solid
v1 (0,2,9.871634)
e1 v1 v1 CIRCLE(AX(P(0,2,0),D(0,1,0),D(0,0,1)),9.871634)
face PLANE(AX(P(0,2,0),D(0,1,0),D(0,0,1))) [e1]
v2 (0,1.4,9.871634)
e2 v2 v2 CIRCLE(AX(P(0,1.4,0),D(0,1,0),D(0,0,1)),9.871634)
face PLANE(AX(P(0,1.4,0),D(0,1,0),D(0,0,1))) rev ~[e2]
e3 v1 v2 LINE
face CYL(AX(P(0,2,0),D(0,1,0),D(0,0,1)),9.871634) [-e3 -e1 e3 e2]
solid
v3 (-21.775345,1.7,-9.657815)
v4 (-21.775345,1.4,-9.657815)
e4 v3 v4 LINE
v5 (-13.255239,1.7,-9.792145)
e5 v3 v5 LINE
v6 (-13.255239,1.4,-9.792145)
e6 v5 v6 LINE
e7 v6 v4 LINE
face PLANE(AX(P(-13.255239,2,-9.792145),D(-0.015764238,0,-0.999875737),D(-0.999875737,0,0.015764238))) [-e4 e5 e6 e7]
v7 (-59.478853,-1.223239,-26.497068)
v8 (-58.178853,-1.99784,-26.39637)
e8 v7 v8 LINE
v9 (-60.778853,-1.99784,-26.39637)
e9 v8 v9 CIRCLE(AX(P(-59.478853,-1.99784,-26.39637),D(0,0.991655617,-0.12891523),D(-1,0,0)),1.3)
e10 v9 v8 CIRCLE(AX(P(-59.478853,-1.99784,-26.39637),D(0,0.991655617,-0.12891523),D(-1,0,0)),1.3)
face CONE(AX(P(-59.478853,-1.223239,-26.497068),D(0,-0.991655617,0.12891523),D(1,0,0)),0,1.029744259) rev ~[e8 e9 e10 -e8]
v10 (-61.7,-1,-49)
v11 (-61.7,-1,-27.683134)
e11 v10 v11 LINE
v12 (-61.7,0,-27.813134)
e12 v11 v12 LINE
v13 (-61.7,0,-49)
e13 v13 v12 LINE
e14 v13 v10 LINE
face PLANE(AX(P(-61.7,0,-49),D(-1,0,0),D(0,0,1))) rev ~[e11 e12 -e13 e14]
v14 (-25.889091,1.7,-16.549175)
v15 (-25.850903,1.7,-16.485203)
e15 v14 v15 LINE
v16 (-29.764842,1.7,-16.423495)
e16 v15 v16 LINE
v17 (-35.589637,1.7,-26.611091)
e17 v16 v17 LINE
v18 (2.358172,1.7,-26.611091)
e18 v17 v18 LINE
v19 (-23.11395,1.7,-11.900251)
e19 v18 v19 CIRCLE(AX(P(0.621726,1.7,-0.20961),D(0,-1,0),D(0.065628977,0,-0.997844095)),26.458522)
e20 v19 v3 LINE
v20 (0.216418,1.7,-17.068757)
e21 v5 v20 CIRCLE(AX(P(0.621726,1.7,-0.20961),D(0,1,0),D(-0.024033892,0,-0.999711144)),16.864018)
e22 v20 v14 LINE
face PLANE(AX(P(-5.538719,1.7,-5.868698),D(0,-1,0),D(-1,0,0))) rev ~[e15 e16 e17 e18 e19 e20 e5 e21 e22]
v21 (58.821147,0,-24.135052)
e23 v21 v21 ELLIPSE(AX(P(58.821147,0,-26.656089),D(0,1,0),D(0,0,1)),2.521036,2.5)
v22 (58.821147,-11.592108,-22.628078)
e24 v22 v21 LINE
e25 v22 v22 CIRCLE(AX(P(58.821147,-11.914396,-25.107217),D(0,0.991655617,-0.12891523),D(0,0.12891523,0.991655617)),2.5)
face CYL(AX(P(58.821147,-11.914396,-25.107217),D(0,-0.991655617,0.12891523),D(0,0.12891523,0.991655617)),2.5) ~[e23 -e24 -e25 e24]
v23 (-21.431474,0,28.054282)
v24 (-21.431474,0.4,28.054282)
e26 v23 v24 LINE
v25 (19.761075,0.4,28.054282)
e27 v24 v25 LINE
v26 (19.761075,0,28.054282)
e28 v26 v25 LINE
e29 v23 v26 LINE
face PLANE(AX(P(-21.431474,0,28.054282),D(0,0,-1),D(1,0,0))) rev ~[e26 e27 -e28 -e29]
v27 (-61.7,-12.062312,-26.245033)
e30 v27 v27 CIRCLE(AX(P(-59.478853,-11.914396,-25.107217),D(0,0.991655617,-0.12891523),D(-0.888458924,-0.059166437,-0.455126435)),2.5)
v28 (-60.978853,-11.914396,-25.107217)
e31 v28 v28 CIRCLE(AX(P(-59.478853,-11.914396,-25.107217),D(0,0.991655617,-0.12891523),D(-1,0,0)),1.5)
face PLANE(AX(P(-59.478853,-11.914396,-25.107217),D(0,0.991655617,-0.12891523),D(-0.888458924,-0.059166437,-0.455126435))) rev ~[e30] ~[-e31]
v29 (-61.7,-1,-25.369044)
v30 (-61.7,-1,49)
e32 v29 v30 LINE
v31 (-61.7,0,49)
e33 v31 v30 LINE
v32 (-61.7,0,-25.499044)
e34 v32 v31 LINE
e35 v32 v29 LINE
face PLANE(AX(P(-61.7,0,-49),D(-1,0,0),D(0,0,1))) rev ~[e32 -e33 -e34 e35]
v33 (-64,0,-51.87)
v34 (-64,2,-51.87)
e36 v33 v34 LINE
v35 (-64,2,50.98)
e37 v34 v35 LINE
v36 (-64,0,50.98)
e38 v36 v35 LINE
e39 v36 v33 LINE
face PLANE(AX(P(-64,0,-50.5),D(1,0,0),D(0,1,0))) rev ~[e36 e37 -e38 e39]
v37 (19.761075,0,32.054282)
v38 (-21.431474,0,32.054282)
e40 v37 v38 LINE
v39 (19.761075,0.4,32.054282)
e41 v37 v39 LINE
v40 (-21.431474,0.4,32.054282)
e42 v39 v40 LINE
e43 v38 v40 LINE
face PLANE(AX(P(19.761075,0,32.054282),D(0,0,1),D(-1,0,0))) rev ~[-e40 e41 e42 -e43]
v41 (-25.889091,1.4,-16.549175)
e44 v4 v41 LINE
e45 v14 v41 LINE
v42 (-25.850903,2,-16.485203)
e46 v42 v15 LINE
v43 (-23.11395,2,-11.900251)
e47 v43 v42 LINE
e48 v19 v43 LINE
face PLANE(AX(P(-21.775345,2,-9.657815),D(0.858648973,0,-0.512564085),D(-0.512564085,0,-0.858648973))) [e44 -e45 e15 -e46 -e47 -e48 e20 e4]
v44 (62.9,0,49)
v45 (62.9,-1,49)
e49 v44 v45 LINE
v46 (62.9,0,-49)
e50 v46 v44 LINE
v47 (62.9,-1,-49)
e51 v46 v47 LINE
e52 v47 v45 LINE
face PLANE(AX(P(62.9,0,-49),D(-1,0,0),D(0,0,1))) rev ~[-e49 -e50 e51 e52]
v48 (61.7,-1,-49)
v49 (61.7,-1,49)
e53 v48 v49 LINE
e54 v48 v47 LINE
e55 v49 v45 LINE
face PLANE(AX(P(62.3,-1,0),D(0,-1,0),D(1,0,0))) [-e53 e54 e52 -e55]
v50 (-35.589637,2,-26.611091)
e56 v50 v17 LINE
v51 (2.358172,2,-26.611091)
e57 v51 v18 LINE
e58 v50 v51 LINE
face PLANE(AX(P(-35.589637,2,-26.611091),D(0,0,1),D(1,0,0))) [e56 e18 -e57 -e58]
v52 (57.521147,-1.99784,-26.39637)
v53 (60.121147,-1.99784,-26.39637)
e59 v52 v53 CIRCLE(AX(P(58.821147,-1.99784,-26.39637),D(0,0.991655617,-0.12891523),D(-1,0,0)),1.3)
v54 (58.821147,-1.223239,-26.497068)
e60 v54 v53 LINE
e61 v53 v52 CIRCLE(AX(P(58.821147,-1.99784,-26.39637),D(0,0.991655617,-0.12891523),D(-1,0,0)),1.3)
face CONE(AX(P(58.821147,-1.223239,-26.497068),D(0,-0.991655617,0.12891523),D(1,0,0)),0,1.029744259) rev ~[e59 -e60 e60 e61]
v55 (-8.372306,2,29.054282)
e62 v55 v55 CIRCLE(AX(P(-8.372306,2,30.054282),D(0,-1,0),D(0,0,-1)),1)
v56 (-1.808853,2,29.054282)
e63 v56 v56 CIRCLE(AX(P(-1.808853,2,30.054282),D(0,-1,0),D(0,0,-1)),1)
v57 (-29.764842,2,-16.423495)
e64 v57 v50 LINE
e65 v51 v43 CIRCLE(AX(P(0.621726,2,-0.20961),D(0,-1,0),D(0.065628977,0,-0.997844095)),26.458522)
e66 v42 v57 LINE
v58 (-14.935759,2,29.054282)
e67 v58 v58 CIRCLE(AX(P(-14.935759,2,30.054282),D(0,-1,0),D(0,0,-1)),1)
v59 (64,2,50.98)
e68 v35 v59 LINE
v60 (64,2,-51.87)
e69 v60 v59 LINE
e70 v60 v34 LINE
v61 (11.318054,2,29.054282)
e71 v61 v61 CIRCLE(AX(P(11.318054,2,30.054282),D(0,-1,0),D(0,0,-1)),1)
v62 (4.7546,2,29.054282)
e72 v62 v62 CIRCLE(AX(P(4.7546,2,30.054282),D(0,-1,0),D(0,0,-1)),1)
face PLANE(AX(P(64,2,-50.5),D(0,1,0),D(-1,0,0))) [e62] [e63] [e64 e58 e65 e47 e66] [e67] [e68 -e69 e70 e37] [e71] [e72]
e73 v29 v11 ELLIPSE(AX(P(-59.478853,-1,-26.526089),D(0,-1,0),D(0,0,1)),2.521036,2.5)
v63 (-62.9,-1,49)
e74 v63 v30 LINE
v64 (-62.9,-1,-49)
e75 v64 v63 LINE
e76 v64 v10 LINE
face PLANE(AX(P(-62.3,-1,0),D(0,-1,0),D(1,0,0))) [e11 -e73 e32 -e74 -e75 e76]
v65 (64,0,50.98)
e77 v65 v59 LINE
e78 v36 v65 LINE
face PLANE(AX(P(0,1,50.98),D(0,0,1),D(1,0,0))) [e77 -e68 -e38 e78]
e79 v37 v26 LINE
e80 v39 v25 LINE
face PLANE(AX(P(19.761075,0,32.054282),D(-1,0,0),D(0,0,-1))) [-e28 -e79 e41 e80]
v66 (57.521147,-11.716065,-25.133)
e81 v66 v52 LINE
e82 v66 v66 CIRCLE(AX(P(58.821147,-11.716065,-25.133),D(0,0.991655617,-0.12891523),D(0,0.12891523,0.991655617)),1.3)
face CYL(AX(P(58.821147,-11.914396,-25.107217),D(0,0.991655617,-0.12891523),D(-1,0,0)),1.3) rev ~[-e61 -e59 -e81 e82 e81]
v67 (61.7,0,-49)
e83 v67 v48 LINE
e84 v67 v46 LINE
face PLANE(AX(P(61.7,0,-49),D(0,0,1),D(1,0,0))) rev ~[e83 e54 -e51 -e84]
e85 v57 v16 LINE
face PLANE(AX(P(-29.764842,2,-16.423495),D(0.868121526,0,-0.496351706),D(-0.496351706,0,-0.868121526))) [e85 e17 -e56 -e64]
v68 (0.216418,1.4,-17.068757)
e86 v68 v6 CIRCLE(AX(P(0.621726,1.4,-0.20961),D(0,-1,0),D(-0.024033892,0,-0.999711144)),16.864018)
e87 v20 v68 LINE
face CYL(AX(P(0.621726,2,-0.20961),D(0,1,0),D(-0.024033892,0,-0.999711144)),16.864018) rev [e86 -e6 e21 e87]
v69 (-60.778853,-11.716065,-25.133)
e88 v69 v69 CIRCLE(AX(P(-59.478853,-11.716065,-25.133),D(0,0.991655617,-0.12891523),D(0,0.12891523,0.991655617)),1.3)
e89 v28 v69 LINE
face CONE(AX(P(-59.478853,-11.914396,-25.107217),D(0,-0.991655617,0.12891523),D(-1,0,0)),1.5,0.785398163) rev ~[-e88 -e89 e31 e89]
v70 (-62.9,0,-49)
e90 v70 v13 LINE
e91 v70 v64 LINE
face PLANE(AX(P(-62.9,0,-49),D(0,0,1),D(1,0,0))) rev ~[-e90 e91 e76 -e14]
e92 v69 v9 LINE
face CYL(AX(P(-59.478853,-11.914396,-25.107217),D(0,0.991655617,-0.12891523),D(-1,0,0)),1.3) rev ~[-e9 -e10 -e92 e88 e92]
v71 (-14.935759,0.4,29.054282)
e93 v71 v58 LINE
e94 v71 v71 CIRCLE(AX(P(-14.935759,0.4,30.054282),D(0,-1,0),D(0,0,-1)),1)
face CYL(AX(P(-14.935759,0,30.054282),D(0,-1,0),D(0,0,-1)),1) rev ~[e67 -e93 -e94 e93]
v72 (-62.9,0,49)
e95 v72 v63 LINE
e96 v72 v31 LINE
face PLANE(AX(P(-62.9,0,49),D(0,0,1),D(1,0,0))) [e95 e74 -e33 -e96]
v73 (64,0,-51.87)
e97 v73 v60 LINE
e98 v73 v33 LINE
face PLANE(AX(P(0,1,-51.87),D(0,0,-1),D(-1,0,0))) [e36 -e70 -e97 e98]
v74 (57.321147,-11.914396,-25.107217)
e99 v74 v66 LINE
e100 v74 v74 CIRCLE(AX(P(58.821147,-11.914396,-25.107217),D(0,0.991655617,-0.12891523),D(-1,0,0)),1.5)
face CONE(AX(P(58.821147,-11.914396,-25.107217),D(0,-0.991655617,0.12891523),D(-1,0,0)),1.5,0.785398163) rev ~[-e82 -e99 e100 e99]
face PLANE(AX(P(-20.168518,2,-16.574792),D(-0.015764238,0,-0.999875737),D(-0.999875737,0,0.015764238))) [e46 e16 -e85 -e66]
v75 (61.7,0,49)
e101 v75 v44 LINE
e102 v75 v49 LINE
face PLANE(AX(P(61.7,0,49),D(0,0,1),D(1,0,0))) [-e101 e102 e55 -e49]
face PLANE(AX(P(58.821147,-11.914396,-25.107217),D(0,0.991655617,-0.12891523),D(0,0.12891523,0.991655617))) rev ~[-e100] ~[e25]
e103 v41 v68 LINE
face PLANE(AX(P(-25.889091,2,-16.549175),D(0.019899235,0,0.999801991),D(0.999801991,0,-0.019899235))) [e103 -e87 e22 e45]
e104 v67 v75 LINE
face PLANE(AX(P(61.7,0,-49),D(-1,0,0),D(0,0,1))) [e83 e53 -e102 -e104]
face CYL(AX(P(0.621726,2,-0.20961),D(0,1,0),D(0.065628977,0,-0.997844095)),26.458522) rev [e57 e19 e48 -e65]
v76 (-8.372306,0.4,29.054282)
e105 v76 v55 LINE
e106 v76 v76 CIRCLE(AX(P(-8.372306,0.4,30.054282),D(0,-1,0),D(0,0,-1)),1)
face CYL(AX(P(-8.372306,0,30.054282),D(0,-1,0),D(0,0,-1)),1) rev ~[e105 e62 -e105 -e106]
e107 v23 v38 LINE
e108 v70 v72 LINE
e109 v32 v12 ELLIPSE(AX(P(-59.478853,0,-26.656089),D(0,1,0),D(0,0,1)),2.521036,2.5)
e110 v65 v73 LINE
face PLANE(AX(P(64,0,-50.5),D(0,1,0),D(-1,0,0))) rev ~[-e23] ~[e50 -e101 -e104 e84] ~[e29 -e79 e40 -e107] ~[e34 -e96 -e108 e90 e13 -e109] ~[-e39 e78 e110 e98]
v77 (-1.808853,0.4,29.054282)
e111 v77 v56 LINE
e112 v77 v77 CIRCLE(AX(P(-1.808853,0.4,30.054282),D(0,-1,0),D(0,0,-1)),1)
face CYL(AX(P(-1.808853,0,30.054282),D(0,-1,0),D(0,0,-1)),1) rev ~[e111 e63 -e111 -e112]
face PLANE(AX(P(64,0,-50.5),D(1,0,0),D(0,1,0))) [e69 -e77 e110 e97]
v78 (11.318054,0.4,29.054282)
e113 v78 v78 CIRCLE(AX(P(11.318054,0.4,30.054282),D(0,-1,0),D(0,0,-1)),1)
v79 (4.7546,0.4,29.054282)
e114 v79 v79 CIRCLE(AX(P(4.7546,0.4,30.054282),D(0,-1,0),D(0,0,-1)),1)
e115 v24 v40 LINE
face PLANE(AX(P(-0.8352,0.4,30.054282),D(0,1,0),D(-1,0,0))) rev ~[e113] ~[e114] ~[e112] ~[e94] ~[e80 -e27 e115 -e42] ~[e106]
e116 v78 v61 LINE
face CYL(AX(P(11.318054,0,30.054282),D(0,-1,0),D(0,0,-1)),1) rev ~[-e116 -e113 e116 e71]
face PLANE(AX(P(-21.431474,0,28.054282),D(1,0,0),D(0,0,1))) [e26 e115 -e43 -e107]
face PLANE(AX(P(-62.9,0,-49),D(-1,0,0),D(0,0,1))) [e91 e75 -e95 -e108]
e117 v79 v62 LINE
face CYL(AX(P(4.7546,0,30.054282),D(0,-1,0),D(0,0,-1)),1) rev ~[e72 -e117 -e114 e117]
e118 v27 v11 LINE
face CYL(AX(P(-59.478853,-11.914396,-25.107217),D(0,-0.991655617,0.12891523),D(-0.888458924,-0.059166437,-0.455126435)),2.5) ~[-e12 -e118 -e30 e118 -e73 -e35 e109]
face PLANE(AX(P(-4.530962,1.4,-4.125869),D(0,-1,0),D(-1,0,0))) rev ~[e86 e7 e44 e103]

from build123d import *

# Parameters (mm, degrees)
SKETCH1_W                      = 128
SKETCH1_H                      = 101
BOSS_EXTRUDE1_DEPTH            = 2
SKETCH2_W                      = 1.2
SKETCH2_H                      = 98
BOSS_EXTRUDE2_DEPTH            = 1
SKETCH3_W                      = 128
SKETCH3_H                      = 2
BOSS_EXTRUDE3_DEPTH            = 0.48
SKETCH4_W                      = 128
SKETCH4_H                      = 2
BOSS_EXTRUDE4_DEPTH            = 1.37
BOSS_EXTRUDE5_START            = 2
SKETCH5_R                      = 2.5
BOSS_EXTRUDE5_DEPTH            = 13
M3_CLEARANCE_HOLE1_D           = 2.6
M3_CLEARANCE_HOLE1_DEPTH       = 10
M3_CLEARANCE_HOLE1_CSINK_D     = 3
M3_CLEARANCE_HOLE1_CSINK_ANGLE = 90
M3_CLEARANCE_HOLE1_TIP         = 0.781118805
M3_CLEARANCE_HOLE2_D           = 2.6
M3_CLEARANCE_HOLE2_DEPTH       = 10
M3_CLEARANCE_HOLE2_CSINK_D     = 3
M3_CLEARANCE_HOLE2_CSINK_ANGLE = 90
M3_CLEARANCE_HOLE2_TIP         = 0.781118805
SKETCH14_R                     = 1
CUT_EXTRUDE1_DEPTH             = 5
CUT_EXTRUDE2_DEPTH             = 0.4
CUT_EXTRUDE4_DEPTH             = 0.3
CUT_EXTRUDE5_DEPTH             = 0.6
SKETCH30_R                     = 9.871633986
BOSS_EXTRUDE13_DEPTH           = 0.6


with BuildPart() as part:
    # Sketch1 → Boss-Extrude1 (new body)
    with BuildSketch(Plane(origin=(0, 0, 0), x_dir=(1, 0, 0), z_dir=(0, 1, 0))):
        Rectangle(SKETCH1_W, SKETCH1_H)
    extrude(amount=BOSS_EXTRUDE1_DEPTH)

    # Sketch2 → Boss-Extrude2 (add)
    with BuildSketch(Plane.XZ):
        with Locations((62.3, 0)):
            Rectangle(SKETCH2_W, SKETCH2_H)
        with Locations((-62.3, 0)):
            Rectangle(SKETCH2_W, SKETCH2_H)
    extrude(amount=BOSS_EXTRUDE2_DEPTH)

    # Sketch3 → Boss-Extrude3 (add)
    with BuildSketch(Plane.XY.offset(50.5)):
        with Locations((0, 1)):
            Rectangle(SKETCH3_W, SKETCH3_H)
    extrude(amount=BOSS_EXTRUDE3_DEPTH)

    # Sketch4 → Boss-Extrude4 (add)
    with BuildSketch(Plane(origin=(0, 0, -50.5), x_dir=(-1, 0, 0), z_dir=(0, 0, -1))):
        with Locations((0, 1)):
            Rectangle(SKETCH4_W, SKETCH4_H)
    extrude(amount=BOSS_EXTRUDE4_DEPTH)

    # Sketch5 → Boss-Extrude5 (add)
    with BuildSketch(Plane(origin=(0, -10.49000593, 1.363700771), x_dir=(1, 0, 0), z_dir=(0, 0.9916556173432378, -0.12891523025462098)).offset(BOSS_EXTRUDE5_START)):
        with Locations(Location((-59.478852689, 26.433660117, 0), (0, 0, 152.68023031))):
            Circle(SKETCH5_R)
        with Locations(Location((58.821147316, 26.433660117, 0), (0, 0, 270))):
            Circle(SKETCH5_R)
    extrude(amount=BOSS_EXTRUDE5_DEPTH)

    # M3 Clearance Hole1
    with Locations(Plane(origin=(0, -8.506694695, 1.10587031), x_dir=(1, 0, 0), z_dir=(0, -0.9916556173432378, 0.12891523025462098))):
        with Locations((58.821147316, -26.433660117)):
            CounterSinkHole(M3_CLEARANCE_HOLE1_D / 2, M3_CLEARANCE_HOLE1_CSINK_D / 2, depth=M3_CLEARANCE_HOLE1_DEPTH, counter_sink_angle=M3_CLEARANCE_HOLE1_CSINK_ANGLE)
            with Locations((0, 0, -(M3_CLEARANCE_HOLE1_DEPTH + M3_CLEARANCE_HOLE1_TIP / 2))):  # 118° drill point
                Cone(0, M3_CLEARANCE_HOLE1_D / 2, M3_CLEARANCE_HOLE1_TIP, mode=Mode.SUBTRACT)

    # M3 Clearance Hole2
    with Locations(Plane(origin=(0, -8.506694695, 1.10587031), x_dir=(1, 0, 0), z_dir=(0, -0.9916556173432378, 0.12891523025462098))):
        with Locations((-59.478852689, -26.433660117)):
            CounterSinkHole(M3_CLEARANCE_HOLE2_D / 2, M3_CLEARANCE_HOLE2_CSINK_D / 2, depth=M3_CLEARANCE_HOLE2_DEPTH, counter_sink_angle=M3_CLEARANCE_HOLE2_CSINK_ANGLE)
            with Locations((0, 0, -(M3_CLEARANCE_HOLE2_DEPTH + M3_CLEARANCE_HOLE2_TIP / 2))):  # 118° drill point
                Cone(0, M3_CLEARANCE_HOLE2_D / 2, M3_CLEARANCE_HOLE2_TIP, mode=Mode.SUBTRACT)

    # Sketch14 → Cut-Extrude1 (cut)
    with BuildSketch(Plane.XZ):
        with Locations(Location((-8.372305841, 30.05428165, 0), (0, 0, 270))):
            Circle(SKETCH14_R)
        with Locations(Location((4.754600466, 30.05428165, 0), (0, 0, 270))):
            Circle(SKETCH14_R)
        with Locations(Location((11.318053619, 30.05428165, 0), (0, 0, 270))):
            Circle(SKETCH14_R)
        with Locations(Location((-14.935758995, 30.05428165, 0), (0, 0, 270))):
            Circle(SKETCH14_R)
        with Locations(Location((-1.808852688, 30.05428165, 0), (0, 0, 270))):
            Circle(SKETCH14_R)
    extrude(amount=-CUT_EXTRUDE1_DEPTH, mode=Mode.SUBTRACT)

    # Sketch15 → Cut-Extrude2 (cut)
    with BuildSketch(Plane.XZ):
        Polygon((-16.43147406, 32.05428165), (14.761074601, 32.05428165), (19.761074601, 32.05428165), (19.761074601, 28.05428165), (14.761074601, 28.05428165), (-16.43147406, 28.05428165), (-21.43147406, 28.05428165), (-21.43147406, 32.05428165), align=None)
    extrude(amount=-CUT_EXTRUDE2_DEPTH, mode=Mode.SUBTRACT)

    # Sketch31 → Cut-Extrude4 (cut)
    with BuildSketch(Plane(origin=(0, 2, 0), x_dir=(1, 0, 0), z_dir=(0, 1, 0))):
        with BuildLine():
            Line((-35.589637389, 26.611090632), (2.358171766, 26.611090632))
            ThreePointArc((2.358171766, 26.611090632), (11.389438086, -23.958753128), (-20.168517513, 16.574792334))
            Line((-20.168517513, 16.574792334), (-29.764841633, 16.423494794))
            Line((-29.764841633, 16.423494794), (-35.589637389, 26.611090632))
        make_face()
    extrude(amount=-CUT_EXTRUDE4_DEPTH, mode=Mode.SUBTRACT)

    # Sketch29 → Cut-Extrude5 (cut)
    with BuildSketch(Plane(origin=(0, 2, 0), x_dir=(1, 0, 0), z_dir=(0, 1, 0))):
        with BuildLine():
            Line((-25.889090528, 16.549174918), (0.216418019, 17.068757453))
            ThreePointArc((0.216418019, 17.068757453), (8.636281726, -14.628247298), (-13.255238872, 9.79214461))
            Line((-13.255238872, 9.79214461), (-21.775344713, 9.65781494))
            Line((-21.775344713, 9.65781494), (-25.889090528, 16.549174918))
        make_face()
    extrude(amount=-CUT_EXTRUDE5_DEPTH, mode=Mode.SUBTRACT)


with BuildPart() as body_2:
    # Sketch30 → Boss-Extrude13 (new body)
    with BuildSketch(Plane(origin=(0, 2, 0), x_dir=(1, 0, 0), z_dir=(0, 1, 0))):
        with Locations(Location((0, 0, 0), (0, 0, 270))):
            Circle(SKETCH30_R)
    extrude(amount=-BOSS_EXTRUDE13_DEPTH)


solid = Compound([part.part, body_2.part])
